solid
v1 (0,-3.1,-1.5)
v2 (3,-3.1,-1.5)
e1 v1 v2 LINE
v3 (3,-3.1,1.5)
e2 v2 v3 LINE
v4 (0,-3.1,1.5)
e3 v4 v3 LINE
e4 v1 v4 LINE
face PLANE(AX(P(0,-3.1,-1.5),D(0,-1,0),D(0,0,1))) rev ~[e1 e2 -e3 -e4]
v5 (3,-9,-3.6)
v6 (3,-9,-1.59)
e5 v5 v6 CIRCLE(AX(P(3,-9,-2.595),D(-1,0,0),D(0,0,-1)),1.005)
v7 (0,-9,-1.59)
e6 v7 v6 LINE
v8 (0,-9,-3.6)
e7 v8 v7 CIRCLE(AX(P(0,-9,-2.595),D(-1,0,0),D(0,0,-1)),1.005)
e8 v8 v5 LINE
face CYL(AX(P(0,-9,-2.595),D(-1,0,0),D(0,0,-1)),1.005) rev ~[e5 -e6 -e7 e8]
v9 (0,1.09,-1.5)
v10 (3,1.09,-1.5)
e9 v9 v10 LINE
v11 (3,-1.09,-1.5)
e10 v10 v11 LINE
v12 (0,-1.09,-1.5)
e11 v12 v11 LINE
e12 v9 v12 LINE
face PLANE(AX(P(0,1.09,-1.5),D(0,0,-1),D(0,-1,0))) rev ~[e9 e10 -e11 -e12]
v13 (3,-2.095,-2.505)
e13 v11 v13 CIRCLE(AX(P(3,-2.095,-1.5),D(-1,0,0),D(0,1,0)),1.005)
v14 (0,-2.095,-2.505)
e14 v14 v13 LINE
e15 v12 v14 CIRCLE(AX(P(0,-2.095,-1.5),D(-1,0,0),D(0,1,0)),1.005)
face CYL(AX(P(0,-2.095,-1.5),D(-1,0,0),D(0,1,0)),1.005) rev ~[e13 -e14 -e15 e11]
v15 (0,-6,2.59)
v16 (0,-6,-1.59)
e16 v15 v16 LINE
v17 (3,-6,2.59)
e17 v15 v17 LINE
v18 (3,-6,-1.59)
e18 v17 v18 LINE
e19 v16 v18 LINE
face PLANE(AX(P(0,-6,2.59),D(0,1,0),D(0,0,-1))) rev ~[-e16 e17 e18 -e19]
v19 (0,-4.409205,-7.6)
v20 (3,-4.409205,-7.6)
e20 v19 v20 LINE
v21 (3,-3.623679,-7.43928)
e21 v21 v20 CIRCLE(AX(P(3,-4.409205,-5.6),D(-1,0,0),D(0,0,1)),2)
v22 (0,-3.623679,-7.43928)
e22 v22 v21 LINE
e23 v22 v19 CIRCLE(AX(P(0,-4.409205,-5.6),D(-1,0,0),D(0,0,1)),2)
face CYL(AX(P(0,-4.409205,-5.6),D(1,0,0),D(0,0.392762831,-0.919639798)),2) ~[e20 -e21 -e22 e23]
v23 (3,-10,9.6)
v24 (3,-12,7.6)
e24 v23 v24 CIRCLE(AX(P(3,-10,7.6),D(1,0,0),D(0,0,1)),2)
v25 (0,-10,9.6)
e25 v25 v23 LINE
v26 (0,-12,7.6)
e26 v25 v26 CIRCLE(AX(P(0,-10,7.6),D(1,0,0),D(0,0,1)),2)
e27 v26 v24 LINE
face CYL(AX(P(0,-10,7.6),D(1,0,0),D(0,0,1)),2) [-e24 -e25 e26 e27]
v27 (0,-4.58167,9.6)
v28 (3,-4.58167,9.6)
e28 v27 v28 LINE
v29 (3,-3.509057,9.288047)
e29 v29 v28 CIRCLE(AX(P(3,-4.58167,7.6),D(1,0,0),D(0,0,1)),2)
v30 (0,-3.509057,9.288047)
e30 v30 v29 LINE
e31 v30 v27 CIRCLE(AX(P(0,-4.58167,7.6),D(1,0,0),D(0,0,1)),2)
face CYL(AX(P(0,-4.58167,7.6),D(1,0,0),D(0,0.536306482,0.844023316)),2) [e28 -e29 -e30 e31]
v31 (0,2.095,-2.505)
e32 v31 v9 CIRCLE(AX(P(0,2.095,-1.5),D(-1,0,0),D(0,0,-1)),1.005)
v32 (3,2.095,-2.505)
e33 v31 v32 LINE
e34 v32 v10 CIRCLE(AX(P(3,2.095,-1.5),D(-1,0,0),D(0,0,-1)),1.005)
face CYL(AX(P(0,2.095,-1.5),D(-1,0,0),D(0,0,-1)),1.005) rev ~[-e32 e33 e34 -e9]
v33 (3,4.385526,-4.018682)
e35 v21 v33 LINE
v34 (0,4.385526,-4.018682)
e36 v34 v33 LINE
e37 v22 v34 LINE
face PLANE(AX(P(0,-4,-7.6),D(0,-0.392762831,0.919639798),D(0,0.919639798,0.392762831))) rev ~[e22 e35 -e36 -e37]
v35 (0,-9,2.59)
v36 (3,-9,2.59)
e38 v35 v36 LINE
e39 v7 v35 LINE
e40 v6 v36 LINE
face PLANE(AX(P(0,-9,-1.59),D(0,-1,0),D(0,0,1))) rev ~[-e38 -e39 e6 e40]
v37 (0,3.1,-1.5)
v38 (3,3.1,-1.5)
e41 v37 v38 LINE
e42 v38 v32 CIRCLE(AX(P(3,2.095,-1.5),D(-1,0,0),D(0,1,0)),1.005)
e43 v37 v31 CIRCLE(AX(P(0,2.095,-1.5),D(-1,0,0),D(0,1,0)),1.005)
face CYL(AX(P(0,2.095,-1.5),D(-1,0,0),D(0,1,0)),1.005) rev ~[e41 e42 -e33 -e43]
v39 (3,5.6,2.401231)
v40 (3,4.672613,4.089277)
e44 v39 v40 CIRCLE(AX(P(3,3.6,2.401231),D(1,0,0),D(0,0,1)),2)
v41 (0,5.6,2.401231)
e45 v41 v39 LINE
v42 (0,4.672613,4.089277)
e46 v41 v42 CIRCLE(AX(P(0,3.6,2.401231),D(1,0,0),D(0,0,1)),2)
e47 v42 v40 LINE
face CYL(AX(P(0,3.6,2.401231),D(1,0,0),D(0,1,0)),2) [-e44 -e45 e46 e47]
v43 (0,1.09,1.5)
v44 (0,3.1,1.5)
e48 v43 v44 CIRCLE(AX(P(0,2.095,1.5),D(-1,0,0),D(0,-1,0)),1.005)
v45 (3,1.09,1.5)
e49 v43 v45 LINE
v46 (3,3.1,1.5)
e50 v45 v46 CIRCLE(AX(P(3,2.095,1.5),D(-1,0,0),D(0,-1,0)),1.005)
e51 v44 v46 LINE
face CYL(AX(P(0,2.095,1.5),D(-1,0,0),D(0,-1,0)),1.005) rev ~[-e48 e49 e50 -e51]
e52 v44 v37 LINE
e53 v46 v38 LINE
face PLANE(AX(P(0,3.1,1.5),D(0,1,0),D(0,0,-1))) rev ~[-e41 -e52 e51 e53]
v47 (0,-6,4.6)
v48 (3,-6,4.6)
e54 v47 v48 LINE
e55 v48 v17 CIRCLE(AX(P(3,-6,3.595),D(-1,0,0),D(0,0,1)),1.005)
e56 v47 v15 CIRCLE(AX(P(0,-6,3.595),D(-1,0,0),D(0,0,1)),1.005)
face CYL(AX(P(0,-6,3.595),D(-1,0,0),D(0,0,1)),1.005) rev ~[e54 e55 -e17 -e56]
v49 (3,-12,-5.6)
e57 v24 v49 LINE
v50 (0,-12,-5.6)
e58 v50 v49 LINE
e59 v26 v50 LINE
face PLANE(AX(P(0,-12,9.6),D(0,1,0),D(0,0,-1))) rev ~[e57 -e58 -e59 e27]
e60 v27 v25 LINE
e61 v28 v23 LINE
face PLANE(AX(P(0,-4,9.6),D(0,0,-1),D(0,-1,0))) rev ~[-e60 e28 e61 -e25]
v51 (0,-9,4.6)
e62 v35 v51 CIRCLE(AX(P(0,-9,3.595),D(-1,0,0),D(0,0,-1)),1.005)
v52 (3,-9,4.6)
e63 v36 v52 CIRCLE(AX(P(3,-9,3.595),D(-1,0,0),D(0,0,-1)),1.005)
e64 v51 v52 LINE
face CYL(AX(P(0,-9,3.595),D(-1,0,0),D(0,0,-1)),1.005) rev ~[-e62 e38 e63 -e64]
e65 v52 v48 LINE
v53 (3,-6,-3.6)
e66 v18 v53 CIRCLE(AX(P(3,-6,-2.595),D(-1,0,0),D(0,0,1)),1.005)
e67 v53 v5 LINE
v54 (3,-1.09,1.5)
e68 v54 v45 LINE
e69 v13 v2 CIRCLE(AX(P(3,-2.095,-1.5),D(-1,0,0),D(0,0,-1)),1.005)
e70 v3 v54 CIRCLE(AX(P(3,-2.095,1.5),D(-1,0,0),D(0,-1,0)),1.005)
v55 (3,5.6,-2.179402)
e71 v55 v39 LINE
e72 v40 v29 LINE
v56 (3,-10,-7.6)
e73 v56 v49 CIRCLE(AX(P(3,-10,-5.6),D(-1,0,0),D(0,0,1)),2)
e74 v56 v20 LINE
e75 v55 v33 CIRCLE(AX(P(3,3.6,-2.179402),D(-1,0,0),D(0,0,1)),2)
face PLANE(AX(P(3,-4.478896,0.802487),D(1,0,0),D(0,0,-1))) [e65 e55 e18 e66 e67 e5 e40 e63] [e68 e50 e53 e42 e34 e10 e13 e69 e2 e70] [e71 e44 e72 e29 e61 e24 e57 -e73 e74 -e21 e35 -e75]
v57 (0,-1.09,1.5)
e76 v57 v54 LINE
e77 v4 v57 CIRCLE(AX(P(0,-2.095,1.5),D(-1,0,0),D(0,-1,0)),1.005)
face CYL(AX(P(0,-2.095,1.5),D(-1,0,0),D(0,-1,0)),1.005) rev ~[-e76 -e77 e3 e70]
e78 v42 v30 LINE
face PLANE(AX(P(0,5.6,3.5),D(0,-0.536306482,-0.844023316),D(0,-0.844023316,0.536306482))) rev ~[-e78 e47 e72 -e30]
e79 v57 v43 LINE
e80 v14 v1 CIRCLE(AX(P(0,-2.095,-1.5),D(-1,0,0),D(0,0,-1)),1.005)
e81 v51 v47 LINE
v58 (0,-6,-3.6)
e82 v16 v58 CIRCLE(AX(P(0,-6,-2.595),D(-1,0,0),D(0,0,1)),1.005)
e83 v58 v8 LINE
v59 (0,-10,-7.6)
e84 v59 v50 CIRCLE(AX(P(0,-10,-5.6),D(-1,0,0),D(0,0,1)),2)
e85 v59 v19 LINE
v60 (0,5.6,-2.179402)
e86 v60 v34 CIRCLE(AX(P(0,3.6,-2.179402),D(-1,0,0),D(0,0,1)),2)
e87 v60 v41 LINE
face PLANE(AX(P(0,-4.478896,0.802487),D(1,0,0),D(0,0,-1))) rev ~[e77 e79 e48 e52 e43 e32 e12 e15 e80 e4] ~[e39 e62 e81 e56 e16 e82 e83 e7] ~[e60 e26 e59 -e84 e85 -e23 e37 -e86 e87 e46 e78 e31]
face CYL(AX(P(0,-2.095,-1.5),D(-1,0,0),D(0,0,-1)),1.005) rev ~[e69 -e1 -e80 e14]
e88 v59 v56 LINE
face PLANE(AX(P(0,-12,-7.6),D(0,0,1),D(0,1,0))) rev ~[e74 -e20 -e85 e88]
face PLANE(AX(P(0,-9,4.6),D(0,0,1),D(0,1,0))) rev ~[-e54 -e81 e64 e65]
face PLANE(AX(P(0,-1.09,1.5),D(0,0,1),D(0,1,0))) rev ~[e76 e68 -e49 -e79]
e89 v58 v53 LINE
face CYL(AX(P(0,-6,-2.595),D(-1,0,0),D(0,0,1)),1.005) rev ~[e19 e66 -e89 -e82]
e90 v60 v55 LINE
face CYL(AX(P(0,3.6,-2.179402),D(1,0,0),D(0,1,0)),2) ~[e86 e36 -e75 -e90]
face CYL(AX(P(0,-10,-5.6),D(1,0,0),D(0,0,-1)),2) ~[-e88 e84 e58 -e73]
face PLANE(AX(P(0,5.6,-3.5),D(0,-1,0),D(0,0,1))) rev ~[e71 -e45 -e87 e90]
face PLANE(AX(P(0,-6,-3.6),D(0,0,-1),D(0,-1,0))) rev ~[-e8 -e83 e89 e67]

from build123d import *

# Parameters (mm, degrees)
EXTRUDE_1_DEPTH = 3
FILLET_1_R      = 2


with BuildPart() as part:
    # 草图1 → 凸台-拉伸1 (new body)
    with BuildSketch(Plane(origin=(0, 0, 0), x_dir=(0, 0, -1), z_dir=(1, 0, 0))):
        Polygon((3.5, 5.6), (-3.5, 5.6), (-9.6, -4), (-9.6, -12), (7.6, -12), (7.6, -4), align=None)
        with BuildLine():
            ThreePointArc((-2.59, -9), (-3.595, -10.005), (-4.6, -9))
            Line((-4.6, -9), (-4.6, -6))
            ThreePointArc((-4.6, -6), (-3.595, -4.995), (-2.59, -6))
            Line((-2.59, -6), (1.59, -6))
            ThreePointArc((1.59, -6), (2.595, -4.995), (3.6, -6))
            Line((3.6, -6), (3.6, -9))
            ThreePointArc((3.6, -9), (2.595, -10.005), (1.59, -9))
            Line((1.59, -9), (-2.59, -9))
        make_face(mode=Mode.SUBTRACT)
        with BuildLine():
            ThreePointArc((2.505, -2.095), (2.210642315, -2.805642315), (1.5, -3.1))
            Line((1.5, -3.1), (-1.5, -3.1))
            ThreePointArc((-1.5, -3.1), (-2.505, -2.095), (-1.5, -1.09))
            Line((-1.5, -1.09), (-1.5, 1.09))
            ThreePointArc((-1.5, 1.09), (-2.505, 2.095), (-1.5, 3.1))
            Line((-1.5, 3.1), (1.5, 3.1))
            ThreePointArc((1.5, 3.1), (2.210642315, 2.805642315), (2.505, 2.095))
            ThreePointArc((2.505, 2.095), (2.210642315, 1.384357685), (1.5, 1.09))
            Line((1.5, 1.09), (1.5, -1.09))
            ThreePointArc((1.5, -1.09), (2.210642315, -1.384357685), (2.505, -2.095))
        make_face(mode=Mode.SUBTRACT)
    extrude(amount=EXTRUDE_1_DEPTH)

    # 圆角1
    fillet_1_edges = [part.edges().sort_by_distance(p)[0] for p in [
        (1.5, 5.6, 3.5),
        (1.5, 5.6, -3.5),
        (1.5, -4, -7.6),
        (1.5, -12, -7.6),
        (1.5, -12, 9.6),
        (1.5, -4, 9.6),
    ]]
    fillet(fillet_1_edges, radius=FILLET_1_R)


solid = part.part
